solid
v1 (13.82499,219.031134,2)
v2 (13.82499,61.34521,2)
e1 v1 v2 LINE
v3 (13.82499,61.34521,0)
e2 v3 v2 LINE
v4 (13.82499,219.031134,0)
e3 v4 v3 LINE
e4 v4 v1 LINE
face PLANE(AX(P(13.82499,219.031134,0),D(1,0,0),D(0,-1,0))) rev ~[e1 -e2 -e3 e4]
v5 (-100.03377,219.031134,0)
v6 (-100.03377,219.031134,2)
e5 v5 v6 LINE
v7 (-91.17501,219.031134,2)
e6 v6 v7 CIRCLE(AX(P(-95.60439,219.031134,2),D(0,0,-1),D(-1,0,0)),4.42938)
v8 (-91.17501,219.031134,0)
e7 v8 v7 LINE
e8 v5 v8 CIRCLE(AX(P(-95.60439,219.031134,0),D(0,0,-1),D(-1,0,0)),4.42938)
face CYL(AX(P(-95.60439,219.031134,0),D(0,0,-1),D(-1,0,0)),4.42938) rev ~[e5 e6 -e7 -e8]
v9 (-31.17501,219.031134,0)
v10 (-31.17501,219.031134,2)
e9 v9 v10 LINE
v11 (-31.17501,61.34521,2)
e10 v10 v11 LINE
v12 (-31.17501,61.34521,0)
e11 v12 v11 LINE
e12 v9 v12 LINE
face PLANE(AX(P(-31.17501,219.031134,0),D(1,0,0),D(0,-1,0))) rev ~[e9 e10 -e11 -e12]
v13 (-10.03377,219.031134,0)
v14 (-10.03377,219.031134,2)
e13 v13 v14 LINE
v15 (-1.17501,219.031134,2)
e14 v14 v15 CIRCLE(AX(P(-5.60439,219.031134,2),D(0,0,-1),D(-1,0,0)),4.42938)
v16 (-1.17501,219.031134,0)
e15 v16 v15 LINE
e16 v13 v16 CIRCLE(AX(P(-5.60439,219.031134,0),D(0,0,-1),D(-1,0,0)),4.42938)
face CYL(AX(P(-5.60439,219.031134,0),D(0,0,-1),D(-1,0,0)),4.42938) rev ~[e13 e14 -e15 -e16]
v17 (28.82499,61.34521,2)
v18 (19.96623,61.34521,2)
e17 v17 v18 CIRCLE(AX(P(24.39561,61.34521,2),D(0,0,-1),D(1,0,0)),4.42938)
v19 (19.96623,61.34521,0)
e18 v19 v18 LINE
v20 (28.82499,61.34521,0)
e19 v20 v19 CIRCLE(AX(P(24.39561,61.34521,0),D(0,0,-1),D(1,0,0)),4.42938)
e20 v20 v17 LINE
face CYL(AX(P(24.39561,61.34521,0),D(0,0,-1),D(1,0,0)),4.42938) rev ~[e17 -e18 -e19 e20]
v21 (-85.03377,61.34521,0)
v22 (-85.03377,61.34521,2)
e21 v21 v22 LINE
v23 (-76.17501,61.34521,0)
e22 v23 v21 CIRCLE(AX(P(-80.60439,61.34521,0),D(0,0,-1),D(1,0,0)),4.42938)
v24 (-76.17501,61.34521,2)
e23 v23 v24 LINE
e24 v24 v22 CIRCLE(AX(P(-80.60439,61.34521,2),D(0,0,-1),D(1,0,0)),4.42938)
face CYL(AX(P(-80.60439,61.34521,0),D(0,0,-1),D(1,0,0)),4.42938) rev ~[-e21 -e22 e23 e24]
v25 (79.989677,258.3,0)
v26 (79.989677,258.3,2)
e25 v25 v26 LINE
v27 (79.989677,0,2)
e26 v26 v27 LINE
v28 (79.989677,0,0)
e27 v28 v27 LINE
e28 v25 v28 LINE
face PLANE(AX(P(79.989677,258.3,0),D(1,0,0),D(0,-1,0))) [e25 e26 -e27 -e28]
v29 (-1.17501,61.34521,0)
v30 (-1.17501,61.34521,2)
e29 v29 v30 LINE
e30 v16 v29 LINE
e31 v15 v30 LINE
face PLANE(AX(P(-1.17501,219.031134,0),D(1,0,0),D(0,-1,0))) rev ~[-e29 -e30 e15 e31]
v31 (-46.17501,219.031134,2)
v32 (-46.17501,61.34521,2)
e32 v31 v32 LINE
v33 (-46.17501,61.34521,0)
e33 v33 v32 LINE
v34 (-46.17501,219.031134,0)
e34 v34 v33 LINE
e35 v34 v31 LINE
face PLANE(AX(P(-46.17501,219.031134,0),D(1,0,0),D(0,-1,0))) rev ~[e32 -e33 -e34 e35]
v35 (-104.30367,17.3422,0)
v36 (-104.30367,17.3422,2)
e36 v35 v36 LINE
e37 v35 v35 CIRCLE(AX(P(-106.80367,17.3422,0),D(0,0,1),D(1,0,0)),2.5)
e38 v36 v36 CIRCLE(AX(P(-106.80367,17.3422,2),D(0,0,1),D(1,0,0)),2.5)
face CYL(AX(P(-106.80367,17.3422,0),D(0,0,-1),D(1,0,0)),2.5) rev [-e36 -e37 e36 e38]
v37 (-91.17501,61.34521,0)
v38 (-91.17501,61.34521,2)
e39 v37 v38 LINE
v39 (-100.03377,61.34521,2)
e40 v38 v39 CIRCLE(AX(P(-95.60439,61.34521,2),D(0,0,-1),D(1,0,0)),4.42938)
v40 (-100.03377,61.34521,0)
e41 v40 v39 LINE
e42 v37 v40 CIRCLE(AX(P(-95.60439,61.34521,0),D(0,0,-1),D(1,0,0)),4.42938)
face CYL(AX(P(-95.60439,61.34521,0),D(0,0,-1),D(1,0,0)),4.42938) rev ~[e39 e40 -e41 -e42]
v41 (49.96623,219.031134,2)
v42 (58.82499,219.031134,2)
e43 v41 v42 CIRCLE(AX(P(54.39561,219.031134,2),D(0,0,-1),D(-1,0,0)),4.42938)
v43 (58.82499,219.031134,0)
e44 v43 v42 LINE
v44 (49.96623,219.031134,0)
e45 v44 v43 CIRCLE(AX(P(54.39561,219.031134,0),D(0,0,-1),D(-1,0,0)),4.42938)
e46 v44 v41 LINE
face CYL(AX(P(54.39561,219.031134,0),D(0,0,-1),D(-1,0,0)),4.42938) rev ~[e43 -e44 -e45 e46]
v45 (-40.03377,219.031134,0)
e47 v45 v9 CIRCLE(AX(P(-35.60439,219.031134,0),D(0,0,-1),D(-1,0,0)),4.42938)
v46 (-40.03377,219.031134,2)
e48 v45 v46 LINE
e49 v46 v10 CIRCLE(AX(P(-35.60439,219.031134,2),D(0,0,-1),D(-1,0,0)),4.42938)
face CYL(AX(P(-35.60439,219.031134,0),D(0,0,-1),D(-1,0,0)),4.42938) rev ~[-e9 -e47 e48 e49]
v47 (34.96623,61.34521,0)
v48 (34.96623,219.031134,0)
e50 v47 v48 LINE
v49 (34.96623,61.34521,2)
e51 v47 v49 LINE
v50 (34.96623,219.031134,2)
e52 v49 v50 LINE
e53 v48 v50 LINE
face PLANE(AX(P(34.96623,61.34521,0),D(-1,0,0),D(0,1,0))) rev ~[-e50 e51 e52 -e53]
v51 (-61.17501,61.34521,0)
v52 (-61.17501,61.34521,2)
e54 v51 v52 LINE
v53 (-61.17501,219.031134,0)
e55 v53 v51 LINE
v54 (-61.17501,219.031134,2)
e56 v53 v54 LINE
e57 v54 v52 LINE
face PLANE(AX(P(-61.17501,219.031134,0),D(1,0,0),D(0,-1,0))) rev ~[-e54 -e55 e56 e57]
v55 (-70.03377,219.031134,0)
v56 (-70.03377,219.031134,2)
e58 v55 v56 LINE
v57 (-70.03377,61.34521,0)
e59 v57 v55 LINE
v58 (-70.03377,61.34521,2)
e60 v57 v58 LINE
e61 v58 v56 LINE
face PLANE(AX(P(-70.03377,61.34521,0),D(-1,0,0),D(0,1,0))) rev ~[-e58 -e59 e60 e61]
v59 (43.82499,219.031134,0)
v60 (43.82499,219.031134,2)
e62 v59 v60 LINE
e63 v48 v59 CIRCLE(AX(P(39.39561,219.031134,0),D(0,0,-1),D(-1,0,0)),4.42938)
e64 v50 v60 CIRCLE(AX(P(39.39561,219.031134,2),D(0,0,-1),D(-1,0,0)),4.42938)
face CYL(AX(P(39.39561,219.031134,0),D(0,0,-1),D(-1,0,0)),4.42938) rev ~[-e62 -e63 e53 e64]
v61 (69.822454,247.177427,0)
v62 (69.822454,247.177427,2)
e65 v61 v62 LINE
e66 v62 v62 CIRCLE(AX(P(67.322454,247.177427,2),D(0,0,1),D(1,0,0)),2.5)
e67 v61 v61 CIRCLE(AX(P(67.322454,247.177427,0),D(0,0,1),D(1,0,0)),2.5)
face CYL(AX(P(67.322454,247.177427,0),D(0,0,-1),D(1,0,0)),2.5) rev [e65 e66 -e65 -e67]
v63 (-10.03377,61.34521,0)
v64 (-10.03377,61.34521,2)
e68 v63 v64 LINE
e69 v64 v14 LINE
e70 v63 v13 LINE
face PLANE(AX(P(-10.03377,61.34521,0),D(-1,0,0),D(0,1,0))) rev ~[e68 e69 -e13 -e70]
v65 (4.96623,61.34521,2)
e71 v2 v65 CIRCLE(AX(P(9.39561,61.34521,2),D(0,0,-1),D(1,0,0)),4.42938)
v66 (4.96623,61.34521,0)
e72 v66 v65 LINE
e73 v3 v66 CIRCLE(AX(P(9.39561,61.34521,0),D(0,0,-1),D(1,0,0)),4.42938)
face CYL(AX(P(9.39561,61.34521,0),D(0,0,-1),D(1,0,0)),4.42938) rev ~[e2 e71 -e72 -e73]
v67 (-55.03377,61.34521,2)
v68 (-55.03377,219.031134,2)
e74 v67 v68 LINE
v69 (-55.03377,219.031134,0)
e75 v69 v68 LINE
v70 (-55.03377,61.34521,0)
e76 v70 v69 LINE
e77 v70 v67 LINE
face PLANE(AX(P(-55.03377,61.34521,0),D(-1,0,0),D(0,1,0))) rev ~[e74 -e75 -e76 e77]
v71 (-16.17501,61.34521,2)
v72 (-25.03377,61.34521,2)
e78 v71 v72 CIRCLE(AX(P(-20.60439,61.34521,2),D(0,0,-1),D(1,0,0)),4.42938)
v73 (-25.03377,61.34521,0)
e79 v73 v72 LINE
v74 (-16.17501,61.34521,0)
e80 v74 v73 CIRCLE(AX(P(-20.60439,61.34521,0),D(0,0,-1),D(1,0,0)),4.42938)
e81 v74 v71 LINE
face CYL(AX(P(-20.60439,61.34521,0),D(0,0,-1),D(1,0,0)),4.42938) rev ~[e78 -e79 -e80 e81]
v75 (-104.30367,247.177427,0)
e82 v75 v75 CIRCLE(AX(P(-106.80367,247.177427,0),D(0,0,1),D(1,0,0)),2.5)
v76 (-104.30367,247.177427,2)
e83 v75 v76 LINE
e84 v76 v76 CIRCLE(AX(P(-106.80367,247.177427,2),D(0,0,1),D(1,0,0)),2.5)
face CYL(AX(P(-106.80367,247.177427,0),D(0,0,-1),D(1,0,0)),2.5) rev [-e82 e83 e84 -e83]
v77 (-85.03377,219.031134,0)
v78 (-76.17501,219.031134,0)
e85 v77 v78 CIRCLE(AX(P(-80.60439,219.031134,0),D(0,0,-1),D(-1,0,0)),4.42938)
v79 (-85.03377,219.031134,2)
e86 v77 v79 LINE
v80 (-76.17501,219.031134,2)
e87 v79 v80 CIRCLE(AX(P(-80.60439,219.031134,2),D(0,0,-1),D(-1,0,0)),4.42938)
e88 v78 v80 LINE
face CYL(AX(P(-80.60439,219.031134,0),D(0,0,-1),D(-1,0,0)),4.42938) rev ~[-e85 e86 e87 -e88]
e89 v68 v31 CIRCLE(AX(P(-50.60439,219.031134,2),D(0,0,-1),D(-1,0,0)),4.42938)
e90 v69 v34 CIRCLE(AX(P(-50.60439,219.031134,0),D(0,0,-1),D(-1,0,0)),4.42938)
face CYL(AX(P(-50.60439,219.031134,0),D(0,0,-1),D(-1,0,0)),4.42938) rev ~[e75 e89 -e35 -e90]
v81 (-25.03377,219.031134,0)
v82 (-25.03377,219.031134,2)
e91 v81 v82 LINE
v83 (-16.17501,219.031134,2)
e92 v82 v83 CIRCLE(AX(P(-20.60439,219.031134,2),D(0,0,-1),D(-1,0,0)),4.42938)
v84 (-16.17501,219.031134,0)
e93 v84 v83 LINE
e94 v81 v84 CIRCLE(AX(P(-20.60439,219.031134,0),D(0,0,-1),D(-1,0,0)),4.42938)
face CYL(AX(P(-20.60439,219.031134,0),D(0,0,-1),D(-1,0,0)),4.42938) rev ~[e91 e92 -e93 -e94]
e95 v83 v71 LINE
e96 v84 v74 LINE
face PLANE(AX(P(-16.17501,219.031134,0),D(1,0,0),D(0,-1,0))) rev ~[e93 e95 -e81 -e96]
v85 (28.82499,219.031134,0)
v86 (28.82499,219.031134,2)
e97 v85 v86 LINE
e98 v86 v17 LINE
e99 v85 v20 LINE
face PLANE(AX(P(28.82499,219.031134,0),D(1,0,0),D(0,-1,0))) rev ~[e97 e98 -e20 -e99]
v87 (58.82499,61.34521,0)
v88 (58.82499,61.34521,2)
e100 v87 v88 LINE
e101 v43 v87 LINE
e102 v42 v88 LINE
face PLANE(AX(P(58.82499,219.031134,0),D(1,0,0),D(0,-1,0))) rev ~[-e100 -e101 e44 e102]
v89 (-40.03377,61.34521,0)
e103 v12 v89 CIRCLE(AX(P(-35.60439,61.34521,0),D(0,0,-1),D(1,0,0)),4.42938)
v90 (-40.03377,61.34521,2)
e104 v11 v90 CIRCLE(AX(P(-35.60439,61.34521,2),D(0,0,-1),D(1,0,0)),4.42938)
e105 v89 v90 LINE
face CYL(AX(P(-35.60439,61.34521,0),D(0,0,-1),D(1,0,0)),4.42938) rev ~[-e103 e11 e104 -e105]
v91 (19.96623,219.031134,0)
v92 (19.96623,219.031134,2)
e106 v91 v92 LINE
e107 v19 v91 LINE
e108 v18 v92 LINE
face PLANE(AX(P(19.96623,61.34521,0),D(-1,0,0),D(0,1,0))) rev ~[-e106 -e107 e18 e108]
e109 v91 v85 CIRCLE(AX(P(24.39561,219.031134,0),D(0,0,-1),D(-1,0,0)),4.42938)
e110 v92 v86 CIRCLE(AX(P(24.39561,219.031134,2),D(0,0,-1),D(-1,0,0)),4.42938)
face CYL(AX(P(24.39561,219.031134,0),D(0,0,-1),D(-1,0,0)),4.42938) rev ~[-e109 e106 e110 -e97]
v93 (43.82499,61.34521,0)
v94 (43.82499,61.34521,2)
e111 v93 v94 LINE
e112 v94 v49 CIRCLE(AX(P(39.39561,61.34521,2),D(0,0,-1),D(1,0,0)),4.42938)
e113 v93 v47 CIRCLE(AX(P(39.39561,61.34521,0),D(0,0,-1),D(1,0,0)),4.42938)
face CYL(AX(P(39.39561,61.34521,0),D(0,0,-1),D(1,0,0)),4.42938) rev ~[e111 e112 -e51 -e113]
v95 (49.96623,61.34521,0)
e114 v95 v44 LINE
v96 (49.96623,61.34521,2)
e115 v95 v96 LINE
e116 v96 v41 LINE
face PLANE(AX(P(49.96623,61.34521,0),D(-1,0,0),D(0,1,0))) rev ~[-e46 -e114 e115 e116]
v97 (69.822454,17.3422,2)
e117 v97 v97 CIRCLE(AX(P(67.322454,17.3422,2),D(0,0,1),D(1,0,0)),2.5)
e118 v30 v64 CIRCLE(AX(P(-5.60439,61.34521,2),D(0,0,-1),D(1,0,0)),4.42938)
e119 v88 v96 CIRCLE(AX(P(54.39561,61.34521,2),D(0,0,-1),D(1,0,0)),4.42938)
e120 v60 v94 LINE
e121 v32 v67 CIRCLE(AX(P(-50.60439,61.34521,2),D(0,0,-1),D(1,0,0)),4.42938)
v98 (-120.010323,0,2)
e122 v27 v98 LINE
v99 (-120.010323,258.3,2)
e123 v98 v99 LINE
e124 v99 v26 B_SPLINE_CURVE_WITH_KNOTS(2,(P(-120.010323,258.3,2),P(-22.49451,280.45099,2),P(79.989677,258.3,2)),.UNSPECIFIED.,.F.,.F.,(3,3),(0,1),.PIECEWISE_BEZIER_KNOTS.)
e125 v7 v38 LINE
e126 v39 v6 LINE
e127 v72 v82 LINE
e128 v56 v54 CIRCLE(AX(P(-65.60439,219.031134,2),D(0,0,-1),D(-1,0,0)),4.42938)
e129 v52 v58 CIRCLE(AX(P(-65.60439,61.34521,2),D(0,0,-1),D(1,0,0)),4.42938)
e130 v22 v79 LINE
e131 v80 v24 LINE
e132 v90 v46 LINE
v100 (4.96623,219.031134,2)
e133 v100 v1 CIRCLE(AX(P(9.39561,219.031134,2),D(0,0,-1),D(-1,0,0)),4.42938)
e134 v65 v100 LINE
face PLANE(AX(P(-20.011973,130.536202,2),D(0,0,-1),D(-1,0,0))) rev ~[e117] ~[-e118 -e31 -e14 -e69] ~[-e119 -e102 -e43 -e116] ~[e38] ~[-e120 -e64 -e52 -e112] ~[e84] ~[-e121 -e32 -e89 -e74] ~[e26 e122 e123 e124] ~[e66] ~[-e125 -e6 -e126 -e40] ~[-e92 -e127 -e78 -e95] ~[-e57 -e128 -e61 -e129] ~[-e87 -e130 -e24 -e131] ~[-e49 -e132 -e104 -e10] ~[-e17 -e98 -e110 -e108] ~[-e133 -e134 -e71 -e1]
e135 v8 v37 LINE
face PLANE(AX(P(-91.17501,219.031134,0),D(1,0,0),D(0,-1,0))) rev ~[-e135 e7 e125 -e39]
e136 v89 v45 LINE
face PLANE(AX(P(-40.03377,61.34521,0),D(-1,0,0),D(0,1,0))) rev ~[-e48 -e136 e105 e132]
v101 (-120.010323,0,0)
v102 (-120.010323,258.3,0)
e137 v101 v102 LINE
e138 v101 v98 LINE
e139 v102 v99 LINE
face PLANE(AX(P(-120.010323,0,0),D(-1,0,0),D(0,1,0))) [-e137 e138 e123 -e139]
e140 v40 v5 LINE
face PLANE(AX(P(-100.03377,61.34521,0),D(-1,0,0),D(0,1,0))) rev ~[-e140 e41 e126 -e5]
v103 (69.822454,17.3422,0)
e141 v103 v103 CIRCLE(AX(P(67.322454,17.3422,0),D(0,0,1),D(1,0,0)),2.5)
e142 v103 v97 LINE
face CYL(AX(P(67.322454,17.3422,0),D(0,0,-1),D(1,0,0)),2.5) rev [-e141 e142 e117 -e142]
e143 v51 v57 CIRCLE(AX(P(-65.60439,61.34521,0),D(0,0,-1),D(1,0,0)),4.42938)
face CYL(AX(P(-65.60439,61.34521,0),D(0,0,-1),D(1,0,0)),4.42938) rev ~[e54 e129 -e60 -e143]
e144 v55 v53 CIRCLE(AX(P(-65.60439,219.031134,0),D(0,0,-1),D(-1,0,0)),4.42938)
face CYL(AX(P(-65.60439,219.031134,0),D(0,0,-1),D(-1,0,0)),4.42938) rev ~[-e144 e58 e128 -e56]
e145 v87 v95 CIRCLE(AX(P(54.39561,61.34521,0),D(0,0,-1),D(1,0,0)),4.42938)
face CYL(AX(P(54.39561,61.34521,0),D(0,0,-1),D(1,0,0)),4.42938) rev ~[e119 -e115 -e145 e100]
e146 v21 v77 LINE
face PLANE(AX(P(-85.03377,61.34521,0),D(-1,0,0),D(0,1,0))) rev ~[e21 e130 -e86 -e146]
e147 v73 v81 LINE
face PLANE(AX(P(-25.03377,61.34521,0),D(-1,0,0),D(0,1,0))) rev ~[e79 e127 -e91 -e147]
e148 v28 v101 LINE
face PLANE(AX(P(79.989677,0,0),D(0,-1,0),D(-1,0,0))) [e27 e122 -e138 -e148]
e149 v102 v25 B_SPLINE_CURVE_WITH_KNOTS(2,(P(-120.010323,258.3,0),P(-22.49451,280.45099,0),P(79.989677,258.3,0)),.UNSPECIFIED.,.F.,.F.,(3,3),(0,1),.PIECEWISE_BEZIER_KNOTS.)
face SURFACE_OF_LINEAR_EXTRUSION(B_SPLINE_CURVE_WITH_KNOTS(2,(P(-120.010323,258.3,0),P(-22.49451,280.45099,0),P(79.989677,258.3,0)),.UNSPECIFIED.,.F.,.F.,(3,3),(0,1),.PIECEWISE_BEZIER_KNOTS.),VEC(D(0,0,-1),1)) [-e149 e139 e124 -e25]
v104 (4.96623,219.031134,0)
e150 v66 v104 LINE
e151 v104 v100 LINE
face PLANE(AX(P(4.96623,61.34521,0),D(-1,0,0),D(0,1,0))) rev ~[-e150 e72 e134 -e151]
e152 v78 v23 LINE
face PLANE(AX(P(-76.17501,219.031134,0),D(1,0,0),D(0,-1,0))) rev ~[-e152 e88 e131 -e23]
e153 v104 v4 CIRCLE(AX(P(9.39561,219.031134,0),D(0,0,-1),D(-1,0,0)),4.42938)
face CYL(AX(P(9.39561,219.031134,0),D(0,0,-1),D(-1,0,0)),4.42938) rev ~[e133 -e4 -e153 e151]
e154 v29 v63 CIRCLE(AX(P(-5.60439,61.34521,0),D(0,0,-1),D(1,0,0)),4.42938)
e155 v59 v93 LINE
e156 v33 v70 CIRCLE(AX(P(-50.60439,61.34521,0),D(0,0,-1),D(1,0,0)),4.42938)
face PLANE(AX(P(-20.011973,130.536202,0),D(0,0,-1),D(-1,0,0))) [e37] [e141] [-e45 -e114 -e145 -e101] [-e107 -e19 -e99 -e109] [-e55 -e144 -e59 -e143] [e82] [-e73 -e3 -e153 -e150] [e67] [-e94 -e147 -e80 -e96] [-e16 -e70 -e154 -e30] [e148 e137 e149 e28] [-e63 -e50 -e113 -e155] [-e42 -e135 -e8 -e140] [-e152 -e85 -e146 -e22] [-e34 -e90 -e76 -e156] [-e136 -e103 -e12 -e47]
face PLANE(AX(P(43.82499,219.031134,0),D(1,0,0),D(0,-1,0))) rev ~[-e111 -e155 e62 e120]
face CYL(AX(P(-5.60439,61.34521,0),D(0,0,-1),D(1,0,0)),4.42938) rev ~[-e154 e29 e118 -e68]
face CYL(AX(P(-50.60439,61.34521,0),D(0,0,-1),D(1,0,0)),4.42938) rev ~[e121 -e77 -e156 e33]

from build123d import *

# Parameters (mm, degrees)
SKETCH1_R           = 2.5
BOSS_EXTRUDE1_DEPTH = 2


with BuildPart() as part:
    # Sketch1 → Boss-Extrude1 (new body)
    with BuildSketch(Plane.XY):
        with BuildLine():
            Line((79.989677419, 0), (-120.010322581, 0))
            Line((-120.010322581, 0), (-120.010322581, 258.3))
            add(Edge.make_bspline(
                [(-120.010322581, 258.3), (-22.49451042, 280.450990468), (79.989677419, 258.3)],
                knots=[0, 0, 0, 1, 1, 1], degree=2))
            Line((79.989677419, 258.3), (79.989677419, 0))
        make_face()
        with Locations((-106.803669914, 247.177426871)):
            Circle(SKETCH1_R, mode=Mode.SUBTRACT)
        with Locations((67.322454172, 247.177426871)):
            Circle(SKETCH1_R, mode=Mode.SUBTRACT)
        with Locations((67.322454172, 17.342199543)):
            Circle(SKETCH1_R, mode=Mode.SUBTRACT)
        with Locations((-106.803669914, 17.342199543)):
            Circle(SKETCH1_R, mode=Mode.SUBTRACT)
        with BuildLine():
            Line((-91.175010368, 219.031134186), (-91.175010368, 61.345209981))
            ThreePointArc((-91.175010368, 61.345209981), (-95.604390261, 56.915830088), (-100.033770154, 61.345209981))
            Line((-100.033770154, 61.345209981), (-100.033770154, 219.031134186))
            ThreePointArc((-100.033770154, 219.031134186), (-95.604390261, 223.460514079), (-91.175010368, 219.031134186))
        make_face(mode=Mode.SUBTRACT)
        with BuildLine():
            Line((-76.175010368, 219.031134186), (-76.175010368, 61.345209981))
            ThreePointArc((-76.175010368, 61.345209981), (-80.604390261, 56.915830088), (-85.033770154, 61.345209981))
            Line((-85.033770154, 61.345209981), (-85.033770154, 219.031134186))
            ThreePointArc((-85.033770154, 219.031134186), (-80.604390261, 223.460514079), (-76.175010368, 219.031134186))
        make_face(mode=Mode.SUBTRACT)
        with BuildLine():
            Line((-61.175010368, 219.031134186), (-61.175010368, 61.345209981))
            ThreePointArc((-61.175010368, 61.345209981), (-65.604390261, 56.915830088), (-70.033770154, 61.345209981))
            Line((-70.033770154, 61.345209981), (-70.033770154, 219.031134186))
            ThreePointArc((-70.033770154, 219.031134186), (-65.604390261, 223.460514079), (-61.175010368, 219.031134186))
        make_face(mode=Mode.SUBTRACT)
        with BuildLine():
            Line((-46.175010368, 219.031134186), (-46.175010368, 61.345209981))
            ThreePointArc((-46.175010368, 61.345209981), (-50.604390261, 56.915830088), (-55.033770154, 61.345209981))
            Line((-55.033770154, 61.345209981), (-55.033770154, 219.031134186))
            ThreePointArc((-55.033770154, 219.031134186), (-50.604390261, 223.460514079), (-46.175010368, 219.031134186))
        make_face(mode=Mode.SUBTRACT)
        with BuildLine():
            Line((-31.175010368, 219.031134186), (-31.175010368, 61.345209981))
            ThreePointArc((-31.175010368, 61.345209981), (-35.604390261, 56.915830088), (-40.033770154, 61.345209981))
            Line((-40.033770154, 61.345209981), (-40.033770154, 219.031134186))
            ThreePointArc((-40.033770154, 219.031134186), (-35.604390261, 223.460514079), (-31.175010368, 219.031134186))
        make_face(mode=Mode.SUBTRACT)
        with BuildLine():
            Line((-16.175010368, 219.031134186), (-16.175010368, 61.345209981))
            ThreePointArc((-16.175010368, 61.345209981), (-20.604390261, 56.915830088), (-25.033770154, 61.345209981))
            Line((-25.033770154, 61.345209981), (-25.033770154, 219.031134186))
            ThreePointArc((-25.033770154, 219.031134186), (-20.604390261, 223.460514079), (-16.175010368, 219.031134186))
        make_face(mode=Mode.SUBTRACT)
        with BuildLine():
            Line((-1.175010368, 219.031134186), (-1.175010368, 61.345209981))
            ThreePointArc((-1.175010368, 61.345209981), (-5.604390261, 56.915830088), (-10.033770154, 61.345209981))
            Line((-10.033770154, 61.345209981), (-10.033770154, 219.031134186))
            ThreePointArc((-10.033770154, 219.031134186), (-5.604390261, 223.460514079), (-1.175010368, 219.031134186))
        make_face(mode=Mode.SUBTRACT)
        with BuildLine():
            Line((13.824989632, 219.031134186), (13.824989632, 61.345209981))
            ThreePointArc((13.824989632, 61.345209981), (9.395609739, 56.915830088), (4.966229846, 61.345209981))
            Line((4.966229846, 61.345209981), (4.966229846, 219.031134186))
            ThreePointArc((4.966229846, 219.031134186), (9.395609739, 223.460514079), (13.824989632, 219.031134186))
        make_face(mode=Mode.SUBTRACT)
        with BuildLine():
            Line((28.824989632, 219.031134186), (28.824989632, 61.345209981))
            ThreePointArc((28.824989632, 61.345209981), (24.395609739, 56.915830088), (19.966229846, 61.345209981))
            Line((19.966229846, 61.345209981), (19.966229846, 219.031134186))
            ThreePointArc((19.966229846, 219.031134186), (24.395609739, 223.460514079), (28.824989632, 219.031134186))
        make_face(mode=Mode.SUBTRACT)
        with BuildLine():
            Line((43.824989632, 219.031134186), (43.824989632, 61.345209981))
            ThreePointArc((43.824989632, 61.345209981), (39.395609739, 56.915830088), (34.966229846, 61.345209981))
            Line((34.966229846, 61.345209981), (34.966229846, 219.031134186))
            ThreePointArc((34.966229846, 219.031134186), (39.395609739, 223.460514079), (43.824989632, 219.031134186))
        make_face(mode=Mode.SUBTRACT)
        with BuildLine():
            Line((58.824989632, 219.031134186), (58.824989632, 61.345209981))
            ThreePointArc((58.824989632, 61.345209981), (54.395609739, 56.915830088), (49.966229846, 61.345209981))
            Line((49.966229846, 61.345209981), (49.966229846, 219.031134186))
            ThreePointArc((49.966229846, 219.031134186), (54.395609739, 223.460514079), (58.824989632, 219.031134186))
        make_face(mode=Mode.SUBTRACT)
    extrude(amount=BOSS_EXTRUDE1_DEPTH)


solid = part.part
